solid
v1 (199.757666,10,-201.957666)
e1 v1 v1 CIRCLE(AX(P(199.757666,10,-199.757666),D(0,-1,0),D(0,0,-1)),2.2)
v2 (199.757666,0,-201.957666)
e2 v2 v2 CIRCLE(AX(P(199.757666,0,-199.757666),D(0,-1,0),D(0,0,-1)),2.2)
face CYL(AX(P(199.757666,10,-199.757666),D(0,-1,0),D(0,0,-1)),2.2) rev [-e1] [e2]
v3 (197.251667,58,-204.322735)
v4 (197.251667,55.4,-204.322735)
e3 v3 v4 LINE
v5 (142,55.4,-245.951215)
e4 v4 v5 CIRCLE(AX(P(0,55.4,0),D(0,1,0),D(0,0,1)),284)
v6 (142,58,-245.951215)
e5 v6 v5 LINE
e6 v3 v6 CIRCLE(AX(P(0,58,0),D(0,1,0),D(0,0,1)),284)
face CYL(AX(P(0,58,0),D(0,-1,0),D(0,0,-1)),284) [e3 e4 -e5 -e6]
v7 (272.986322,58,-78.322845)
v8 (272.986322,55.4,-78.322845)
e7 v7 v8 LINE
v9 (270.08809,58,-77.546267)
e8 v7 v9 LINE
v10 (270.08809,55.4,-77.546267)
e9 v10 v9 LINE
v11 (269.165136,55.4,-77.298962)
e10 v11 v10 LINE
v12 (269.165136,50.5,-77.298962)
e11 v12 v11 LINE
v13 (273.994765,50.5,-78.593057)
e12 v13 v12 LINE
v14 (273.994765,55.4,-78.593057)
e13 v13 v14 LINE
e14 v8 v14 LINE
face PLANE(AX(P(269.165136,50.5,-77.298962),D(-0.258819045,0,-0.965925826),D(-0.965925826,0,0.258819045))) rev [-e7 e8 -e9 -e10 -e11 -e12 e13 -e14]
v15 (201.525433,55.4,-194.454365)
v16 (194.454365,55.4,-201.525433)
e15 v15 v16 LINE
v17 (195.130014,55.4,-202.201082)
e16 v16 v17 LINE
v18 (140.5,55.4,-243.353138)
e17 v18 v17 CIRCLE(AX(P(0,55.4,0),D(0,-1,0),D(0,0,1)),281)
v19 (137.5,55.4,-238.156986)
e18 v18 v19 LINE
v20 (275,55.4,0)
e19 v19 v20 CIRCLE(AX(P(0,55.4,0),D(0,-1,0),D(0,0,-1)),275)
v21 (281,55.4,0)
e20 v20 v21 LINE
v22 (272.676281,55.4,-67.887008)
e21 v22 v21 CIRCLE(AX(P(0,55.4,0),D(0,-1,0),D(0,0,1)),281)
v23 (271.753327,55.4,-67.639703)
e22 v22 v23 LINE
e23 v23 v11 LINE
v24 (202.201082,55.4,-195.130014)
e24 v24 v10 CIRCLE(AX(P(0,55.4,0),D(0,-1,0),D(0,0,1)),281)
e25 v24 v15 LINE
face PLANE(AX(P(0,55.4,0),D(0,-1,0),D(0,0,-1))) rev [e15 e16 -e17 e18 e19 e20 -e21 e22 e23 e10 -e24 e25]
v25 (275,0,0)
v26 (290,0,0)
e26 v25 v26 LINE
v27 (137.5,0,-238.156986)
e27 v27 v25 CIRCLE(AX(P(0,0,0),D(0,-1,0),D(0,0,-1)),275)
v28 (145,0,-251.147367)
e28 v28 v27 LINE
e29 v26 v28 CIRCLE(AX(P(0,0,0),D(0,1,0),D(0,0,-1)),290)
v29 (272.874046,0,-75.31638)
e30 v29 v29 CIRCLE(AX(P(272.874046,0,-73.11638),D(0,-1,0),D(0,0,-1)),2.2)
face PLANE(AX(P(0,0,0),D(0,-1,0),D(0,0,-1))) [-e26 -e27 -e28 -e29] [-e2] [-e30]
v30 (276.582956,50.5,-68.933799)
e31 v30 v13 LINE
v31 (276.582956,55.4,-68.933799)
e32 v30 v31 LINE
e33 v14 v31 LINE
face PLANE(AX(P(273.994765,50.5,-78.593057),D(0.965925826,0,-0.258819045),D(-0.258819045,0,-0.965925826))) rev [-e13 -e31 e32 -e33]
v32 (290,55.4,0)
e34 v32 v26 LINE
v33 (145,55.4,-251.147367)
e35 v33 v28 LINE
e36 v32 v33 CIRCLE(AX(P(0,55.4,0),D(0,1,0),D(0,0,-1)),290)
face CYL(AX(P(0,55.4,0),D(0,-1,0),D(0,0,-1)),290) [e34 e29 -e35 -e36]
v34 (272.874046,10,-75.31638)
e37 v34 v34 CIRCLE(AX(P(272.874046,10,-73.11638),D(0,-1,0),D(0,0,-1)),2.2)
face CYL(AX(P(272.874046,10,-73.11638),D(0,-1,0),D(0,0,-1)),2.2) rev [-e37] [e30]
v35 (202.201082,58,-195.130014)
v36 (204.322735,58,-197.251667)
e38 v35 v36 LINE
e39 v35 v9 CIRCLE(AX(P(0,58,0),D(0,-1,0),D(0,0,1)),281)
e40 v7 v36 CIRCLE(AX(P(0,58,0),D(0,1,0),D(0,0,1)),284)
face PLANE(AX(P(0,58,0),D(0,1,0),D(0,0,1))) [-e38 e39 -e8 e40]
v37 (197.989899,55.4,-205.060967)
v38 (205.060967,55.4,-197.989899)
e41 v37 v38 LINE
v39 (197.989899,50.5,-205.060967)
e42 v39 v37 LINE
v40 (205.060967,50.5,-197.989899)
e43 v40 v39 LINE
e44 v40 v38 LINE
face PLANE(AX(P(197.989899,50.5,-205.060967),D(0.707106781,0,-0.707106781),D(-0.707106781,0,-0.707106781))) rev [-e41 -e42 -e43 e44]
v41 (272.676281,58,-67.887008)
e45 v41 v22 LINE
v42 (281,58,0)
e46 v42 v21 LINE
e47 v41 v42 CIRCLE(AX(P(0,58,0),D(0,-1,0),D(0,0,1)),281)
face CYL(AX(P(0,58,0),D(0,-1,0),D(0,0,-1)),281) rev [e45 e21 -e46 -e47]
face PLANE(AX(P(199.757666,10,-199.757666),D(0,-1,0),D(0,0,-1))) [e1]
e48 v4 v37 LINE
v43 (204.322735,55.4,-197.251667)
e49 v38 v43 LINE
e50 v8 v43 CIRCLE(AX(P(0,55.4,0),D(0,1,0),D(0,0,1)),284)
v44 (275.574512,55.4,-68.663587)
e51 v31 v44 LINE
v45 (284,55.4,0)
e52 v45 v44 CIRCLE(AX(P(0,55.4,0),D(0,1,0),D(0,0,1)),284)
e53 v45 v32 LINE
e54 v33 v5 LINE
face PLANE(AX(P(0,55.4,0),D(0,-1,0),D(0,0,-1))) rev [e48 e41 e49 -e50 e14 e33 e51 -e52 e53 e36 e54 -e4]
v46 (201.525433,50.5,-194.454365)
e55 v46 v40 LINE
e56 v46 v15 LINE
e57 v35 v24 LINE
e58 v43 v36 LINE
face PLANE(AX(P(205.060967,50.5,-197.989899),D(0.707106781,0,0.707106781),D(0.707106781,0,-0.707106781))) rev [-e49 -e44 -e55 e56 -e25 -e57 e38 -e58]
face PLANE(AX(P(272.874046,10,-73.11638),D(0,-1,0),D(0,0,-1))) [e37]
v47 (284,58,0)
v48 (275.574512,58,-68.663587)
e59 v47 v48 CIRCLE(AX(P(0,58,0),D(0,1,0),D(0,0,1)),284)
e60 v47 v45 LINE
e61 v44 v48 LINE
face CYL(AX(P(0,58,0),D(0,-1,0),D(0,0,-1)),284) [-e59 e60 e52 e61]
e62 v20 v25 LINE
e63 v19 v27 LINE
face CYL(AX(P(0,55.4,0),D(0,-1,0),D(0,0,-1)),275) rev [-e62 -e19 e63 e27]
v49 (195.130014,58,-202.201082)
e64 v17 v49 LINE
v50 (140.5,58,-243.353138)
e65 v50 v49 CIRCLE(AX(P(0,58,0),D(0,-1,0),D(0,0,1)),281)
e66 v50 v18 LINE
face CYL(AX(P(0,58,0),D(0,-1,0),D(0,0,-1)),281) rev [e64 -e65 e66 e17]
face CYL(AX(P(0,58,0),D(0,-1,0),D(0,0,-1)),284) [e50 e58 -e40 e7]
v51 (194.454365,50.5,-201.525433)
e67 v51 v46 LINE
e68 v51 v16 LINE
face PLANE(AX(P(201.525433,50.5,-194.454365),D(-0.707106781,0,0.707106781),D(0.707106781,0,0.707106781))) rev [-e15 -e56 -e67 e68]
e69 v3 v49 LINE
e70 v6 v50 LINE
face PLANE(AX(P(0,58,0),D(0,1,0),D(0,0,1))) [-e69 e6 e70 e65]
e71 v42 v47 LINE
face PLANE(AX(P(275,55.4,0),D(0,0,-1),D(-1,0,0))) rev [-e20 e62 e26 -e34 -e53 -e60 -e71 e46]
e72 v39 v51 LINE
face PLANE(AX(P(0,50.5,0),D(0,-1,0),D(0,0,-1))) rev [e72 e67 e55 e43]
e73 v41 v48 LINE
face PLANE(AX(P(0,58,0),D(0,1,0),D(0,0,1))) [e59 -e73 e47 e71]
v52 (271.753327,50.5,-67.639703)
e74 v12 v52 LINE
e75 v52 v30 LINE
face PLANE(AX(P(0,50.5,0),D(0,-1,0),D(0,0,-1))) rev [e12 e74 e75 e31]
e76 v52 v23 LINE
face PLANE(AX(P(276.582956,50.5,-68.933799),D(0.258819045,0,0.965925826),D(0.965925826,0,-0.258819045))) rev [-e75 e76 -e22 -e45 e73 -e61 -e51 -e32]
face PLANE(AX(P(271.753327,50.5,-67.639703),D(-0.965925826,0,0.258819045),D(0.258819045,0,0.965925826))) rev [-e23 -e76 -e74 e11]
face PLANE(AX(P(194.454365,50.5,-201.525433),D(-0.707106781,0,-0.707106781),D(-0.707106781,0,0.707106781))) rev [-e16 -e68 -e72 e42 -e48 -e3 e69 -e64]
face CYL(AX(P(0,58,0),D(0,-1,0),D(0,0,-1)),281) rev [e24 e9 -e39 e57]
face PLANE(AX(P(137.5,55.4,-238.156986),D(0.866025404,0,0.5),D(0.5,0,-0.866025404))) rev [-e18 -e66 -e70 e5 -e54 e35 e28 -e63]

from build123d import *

# Parameters (mm, degrees)
AUFSATZ_LINEAR_AUSTRAGEN1_DEPTH = 55.4
AUFSATZ_LINEAR_AUSTRAGEN2_DEPTH = 2.6
SCHNITT_LINEAR_AUSTRAGEN1_DEPTH = 7.5
SKIZZE4_R                       = 2.2
SCHNITT_LINEAR_AUSTRAGEN2_DEPTH = 10


with BuildPart() as part:
    # Skizze1 → Aufsatz-Linear austragen1 (new body)
    with BuildSketch(Plane(origin=(0, 0, 0), x_dir=(1, 0, 0), z_dir=(0, 1, 0))):
        with BuildLine():
            Line((137.5, 238.156986041), (145, 251.147367097))
            ThreePointArc((145, 251.147367097), (251.147367097, 145), (290, 0))
            Line((290, 0), (275, 0))
            ThreePointArc((275, 0), (238.156986041, 137.5), (137.5, 238.156986041))
        make_face()
    extrude(amount=AUFSATZ_LINEAR_AUSTRAGEN1_DEPTH)

    # Skizze2 → Aufsatz-Linear austragen2 (add)
    with BuildSketch(Plane(origin=(0, 55.4, 0), x_dir=(1, 0, 0), z_dir=(0, 1, 0))):
        with BuildLine():
            Line((140.5, 243.353138463), (142, 245.951214675))
            ThreePointArc((142, 245.951214675), (245.951214675, 142), (284, 0))
            Line((284, 0), (281, 0))
            ThreePointArc((281, 0), (243.353138463, 140.5), (140.5, 243.353138463))
        make_face()
    extrude(amount=AUFSATZ_LINEAR_AUSTRAGEN2_DEPTH)

    # Skizze3 → Schnitt-Linear austragen1 (cut)
    with BuildSketch(Plane(origin=(0, 58, 0), x_dir=(1, 0, 0), z_dir=(0, 1, 0))):
        Polygon((269.165136135, 77.29896176), (273.994765267, 78.593056986), (276.582955718, 68.933798723), (271.753326586, 67.639703497), align=None)
        Polygon((194.454364826, 201.525432638), (197.989898732, 205.060966544), (205.060966544, 197.989898732), (201.525432638, 194.454364826), align=None)
    extrude(amount=-SCHNITT_LINEAR_AUSTRAGEN1_DEPTH, mode=Mode.SUBTRACT)

    # Skizze4 → Schnitt-Linear austragen2 (cut)
    with BuildSketch(Plane.XZ):
        with Locations(Location((199.757665685, -199.757665685, 0), (0, 0, 270))):
            Circle(SKIZZE4_R)
        with Locations(Location((272.874045927, -73.116380241, 0), (0, 0, 270))):
            Circle(SKIZZE4_R)
    extrude(amount=-SCHNITT_LINEAR_AUSTRAGEN2_DEPTH, mode=Mode.SUBTRACT)


solid = part.part
